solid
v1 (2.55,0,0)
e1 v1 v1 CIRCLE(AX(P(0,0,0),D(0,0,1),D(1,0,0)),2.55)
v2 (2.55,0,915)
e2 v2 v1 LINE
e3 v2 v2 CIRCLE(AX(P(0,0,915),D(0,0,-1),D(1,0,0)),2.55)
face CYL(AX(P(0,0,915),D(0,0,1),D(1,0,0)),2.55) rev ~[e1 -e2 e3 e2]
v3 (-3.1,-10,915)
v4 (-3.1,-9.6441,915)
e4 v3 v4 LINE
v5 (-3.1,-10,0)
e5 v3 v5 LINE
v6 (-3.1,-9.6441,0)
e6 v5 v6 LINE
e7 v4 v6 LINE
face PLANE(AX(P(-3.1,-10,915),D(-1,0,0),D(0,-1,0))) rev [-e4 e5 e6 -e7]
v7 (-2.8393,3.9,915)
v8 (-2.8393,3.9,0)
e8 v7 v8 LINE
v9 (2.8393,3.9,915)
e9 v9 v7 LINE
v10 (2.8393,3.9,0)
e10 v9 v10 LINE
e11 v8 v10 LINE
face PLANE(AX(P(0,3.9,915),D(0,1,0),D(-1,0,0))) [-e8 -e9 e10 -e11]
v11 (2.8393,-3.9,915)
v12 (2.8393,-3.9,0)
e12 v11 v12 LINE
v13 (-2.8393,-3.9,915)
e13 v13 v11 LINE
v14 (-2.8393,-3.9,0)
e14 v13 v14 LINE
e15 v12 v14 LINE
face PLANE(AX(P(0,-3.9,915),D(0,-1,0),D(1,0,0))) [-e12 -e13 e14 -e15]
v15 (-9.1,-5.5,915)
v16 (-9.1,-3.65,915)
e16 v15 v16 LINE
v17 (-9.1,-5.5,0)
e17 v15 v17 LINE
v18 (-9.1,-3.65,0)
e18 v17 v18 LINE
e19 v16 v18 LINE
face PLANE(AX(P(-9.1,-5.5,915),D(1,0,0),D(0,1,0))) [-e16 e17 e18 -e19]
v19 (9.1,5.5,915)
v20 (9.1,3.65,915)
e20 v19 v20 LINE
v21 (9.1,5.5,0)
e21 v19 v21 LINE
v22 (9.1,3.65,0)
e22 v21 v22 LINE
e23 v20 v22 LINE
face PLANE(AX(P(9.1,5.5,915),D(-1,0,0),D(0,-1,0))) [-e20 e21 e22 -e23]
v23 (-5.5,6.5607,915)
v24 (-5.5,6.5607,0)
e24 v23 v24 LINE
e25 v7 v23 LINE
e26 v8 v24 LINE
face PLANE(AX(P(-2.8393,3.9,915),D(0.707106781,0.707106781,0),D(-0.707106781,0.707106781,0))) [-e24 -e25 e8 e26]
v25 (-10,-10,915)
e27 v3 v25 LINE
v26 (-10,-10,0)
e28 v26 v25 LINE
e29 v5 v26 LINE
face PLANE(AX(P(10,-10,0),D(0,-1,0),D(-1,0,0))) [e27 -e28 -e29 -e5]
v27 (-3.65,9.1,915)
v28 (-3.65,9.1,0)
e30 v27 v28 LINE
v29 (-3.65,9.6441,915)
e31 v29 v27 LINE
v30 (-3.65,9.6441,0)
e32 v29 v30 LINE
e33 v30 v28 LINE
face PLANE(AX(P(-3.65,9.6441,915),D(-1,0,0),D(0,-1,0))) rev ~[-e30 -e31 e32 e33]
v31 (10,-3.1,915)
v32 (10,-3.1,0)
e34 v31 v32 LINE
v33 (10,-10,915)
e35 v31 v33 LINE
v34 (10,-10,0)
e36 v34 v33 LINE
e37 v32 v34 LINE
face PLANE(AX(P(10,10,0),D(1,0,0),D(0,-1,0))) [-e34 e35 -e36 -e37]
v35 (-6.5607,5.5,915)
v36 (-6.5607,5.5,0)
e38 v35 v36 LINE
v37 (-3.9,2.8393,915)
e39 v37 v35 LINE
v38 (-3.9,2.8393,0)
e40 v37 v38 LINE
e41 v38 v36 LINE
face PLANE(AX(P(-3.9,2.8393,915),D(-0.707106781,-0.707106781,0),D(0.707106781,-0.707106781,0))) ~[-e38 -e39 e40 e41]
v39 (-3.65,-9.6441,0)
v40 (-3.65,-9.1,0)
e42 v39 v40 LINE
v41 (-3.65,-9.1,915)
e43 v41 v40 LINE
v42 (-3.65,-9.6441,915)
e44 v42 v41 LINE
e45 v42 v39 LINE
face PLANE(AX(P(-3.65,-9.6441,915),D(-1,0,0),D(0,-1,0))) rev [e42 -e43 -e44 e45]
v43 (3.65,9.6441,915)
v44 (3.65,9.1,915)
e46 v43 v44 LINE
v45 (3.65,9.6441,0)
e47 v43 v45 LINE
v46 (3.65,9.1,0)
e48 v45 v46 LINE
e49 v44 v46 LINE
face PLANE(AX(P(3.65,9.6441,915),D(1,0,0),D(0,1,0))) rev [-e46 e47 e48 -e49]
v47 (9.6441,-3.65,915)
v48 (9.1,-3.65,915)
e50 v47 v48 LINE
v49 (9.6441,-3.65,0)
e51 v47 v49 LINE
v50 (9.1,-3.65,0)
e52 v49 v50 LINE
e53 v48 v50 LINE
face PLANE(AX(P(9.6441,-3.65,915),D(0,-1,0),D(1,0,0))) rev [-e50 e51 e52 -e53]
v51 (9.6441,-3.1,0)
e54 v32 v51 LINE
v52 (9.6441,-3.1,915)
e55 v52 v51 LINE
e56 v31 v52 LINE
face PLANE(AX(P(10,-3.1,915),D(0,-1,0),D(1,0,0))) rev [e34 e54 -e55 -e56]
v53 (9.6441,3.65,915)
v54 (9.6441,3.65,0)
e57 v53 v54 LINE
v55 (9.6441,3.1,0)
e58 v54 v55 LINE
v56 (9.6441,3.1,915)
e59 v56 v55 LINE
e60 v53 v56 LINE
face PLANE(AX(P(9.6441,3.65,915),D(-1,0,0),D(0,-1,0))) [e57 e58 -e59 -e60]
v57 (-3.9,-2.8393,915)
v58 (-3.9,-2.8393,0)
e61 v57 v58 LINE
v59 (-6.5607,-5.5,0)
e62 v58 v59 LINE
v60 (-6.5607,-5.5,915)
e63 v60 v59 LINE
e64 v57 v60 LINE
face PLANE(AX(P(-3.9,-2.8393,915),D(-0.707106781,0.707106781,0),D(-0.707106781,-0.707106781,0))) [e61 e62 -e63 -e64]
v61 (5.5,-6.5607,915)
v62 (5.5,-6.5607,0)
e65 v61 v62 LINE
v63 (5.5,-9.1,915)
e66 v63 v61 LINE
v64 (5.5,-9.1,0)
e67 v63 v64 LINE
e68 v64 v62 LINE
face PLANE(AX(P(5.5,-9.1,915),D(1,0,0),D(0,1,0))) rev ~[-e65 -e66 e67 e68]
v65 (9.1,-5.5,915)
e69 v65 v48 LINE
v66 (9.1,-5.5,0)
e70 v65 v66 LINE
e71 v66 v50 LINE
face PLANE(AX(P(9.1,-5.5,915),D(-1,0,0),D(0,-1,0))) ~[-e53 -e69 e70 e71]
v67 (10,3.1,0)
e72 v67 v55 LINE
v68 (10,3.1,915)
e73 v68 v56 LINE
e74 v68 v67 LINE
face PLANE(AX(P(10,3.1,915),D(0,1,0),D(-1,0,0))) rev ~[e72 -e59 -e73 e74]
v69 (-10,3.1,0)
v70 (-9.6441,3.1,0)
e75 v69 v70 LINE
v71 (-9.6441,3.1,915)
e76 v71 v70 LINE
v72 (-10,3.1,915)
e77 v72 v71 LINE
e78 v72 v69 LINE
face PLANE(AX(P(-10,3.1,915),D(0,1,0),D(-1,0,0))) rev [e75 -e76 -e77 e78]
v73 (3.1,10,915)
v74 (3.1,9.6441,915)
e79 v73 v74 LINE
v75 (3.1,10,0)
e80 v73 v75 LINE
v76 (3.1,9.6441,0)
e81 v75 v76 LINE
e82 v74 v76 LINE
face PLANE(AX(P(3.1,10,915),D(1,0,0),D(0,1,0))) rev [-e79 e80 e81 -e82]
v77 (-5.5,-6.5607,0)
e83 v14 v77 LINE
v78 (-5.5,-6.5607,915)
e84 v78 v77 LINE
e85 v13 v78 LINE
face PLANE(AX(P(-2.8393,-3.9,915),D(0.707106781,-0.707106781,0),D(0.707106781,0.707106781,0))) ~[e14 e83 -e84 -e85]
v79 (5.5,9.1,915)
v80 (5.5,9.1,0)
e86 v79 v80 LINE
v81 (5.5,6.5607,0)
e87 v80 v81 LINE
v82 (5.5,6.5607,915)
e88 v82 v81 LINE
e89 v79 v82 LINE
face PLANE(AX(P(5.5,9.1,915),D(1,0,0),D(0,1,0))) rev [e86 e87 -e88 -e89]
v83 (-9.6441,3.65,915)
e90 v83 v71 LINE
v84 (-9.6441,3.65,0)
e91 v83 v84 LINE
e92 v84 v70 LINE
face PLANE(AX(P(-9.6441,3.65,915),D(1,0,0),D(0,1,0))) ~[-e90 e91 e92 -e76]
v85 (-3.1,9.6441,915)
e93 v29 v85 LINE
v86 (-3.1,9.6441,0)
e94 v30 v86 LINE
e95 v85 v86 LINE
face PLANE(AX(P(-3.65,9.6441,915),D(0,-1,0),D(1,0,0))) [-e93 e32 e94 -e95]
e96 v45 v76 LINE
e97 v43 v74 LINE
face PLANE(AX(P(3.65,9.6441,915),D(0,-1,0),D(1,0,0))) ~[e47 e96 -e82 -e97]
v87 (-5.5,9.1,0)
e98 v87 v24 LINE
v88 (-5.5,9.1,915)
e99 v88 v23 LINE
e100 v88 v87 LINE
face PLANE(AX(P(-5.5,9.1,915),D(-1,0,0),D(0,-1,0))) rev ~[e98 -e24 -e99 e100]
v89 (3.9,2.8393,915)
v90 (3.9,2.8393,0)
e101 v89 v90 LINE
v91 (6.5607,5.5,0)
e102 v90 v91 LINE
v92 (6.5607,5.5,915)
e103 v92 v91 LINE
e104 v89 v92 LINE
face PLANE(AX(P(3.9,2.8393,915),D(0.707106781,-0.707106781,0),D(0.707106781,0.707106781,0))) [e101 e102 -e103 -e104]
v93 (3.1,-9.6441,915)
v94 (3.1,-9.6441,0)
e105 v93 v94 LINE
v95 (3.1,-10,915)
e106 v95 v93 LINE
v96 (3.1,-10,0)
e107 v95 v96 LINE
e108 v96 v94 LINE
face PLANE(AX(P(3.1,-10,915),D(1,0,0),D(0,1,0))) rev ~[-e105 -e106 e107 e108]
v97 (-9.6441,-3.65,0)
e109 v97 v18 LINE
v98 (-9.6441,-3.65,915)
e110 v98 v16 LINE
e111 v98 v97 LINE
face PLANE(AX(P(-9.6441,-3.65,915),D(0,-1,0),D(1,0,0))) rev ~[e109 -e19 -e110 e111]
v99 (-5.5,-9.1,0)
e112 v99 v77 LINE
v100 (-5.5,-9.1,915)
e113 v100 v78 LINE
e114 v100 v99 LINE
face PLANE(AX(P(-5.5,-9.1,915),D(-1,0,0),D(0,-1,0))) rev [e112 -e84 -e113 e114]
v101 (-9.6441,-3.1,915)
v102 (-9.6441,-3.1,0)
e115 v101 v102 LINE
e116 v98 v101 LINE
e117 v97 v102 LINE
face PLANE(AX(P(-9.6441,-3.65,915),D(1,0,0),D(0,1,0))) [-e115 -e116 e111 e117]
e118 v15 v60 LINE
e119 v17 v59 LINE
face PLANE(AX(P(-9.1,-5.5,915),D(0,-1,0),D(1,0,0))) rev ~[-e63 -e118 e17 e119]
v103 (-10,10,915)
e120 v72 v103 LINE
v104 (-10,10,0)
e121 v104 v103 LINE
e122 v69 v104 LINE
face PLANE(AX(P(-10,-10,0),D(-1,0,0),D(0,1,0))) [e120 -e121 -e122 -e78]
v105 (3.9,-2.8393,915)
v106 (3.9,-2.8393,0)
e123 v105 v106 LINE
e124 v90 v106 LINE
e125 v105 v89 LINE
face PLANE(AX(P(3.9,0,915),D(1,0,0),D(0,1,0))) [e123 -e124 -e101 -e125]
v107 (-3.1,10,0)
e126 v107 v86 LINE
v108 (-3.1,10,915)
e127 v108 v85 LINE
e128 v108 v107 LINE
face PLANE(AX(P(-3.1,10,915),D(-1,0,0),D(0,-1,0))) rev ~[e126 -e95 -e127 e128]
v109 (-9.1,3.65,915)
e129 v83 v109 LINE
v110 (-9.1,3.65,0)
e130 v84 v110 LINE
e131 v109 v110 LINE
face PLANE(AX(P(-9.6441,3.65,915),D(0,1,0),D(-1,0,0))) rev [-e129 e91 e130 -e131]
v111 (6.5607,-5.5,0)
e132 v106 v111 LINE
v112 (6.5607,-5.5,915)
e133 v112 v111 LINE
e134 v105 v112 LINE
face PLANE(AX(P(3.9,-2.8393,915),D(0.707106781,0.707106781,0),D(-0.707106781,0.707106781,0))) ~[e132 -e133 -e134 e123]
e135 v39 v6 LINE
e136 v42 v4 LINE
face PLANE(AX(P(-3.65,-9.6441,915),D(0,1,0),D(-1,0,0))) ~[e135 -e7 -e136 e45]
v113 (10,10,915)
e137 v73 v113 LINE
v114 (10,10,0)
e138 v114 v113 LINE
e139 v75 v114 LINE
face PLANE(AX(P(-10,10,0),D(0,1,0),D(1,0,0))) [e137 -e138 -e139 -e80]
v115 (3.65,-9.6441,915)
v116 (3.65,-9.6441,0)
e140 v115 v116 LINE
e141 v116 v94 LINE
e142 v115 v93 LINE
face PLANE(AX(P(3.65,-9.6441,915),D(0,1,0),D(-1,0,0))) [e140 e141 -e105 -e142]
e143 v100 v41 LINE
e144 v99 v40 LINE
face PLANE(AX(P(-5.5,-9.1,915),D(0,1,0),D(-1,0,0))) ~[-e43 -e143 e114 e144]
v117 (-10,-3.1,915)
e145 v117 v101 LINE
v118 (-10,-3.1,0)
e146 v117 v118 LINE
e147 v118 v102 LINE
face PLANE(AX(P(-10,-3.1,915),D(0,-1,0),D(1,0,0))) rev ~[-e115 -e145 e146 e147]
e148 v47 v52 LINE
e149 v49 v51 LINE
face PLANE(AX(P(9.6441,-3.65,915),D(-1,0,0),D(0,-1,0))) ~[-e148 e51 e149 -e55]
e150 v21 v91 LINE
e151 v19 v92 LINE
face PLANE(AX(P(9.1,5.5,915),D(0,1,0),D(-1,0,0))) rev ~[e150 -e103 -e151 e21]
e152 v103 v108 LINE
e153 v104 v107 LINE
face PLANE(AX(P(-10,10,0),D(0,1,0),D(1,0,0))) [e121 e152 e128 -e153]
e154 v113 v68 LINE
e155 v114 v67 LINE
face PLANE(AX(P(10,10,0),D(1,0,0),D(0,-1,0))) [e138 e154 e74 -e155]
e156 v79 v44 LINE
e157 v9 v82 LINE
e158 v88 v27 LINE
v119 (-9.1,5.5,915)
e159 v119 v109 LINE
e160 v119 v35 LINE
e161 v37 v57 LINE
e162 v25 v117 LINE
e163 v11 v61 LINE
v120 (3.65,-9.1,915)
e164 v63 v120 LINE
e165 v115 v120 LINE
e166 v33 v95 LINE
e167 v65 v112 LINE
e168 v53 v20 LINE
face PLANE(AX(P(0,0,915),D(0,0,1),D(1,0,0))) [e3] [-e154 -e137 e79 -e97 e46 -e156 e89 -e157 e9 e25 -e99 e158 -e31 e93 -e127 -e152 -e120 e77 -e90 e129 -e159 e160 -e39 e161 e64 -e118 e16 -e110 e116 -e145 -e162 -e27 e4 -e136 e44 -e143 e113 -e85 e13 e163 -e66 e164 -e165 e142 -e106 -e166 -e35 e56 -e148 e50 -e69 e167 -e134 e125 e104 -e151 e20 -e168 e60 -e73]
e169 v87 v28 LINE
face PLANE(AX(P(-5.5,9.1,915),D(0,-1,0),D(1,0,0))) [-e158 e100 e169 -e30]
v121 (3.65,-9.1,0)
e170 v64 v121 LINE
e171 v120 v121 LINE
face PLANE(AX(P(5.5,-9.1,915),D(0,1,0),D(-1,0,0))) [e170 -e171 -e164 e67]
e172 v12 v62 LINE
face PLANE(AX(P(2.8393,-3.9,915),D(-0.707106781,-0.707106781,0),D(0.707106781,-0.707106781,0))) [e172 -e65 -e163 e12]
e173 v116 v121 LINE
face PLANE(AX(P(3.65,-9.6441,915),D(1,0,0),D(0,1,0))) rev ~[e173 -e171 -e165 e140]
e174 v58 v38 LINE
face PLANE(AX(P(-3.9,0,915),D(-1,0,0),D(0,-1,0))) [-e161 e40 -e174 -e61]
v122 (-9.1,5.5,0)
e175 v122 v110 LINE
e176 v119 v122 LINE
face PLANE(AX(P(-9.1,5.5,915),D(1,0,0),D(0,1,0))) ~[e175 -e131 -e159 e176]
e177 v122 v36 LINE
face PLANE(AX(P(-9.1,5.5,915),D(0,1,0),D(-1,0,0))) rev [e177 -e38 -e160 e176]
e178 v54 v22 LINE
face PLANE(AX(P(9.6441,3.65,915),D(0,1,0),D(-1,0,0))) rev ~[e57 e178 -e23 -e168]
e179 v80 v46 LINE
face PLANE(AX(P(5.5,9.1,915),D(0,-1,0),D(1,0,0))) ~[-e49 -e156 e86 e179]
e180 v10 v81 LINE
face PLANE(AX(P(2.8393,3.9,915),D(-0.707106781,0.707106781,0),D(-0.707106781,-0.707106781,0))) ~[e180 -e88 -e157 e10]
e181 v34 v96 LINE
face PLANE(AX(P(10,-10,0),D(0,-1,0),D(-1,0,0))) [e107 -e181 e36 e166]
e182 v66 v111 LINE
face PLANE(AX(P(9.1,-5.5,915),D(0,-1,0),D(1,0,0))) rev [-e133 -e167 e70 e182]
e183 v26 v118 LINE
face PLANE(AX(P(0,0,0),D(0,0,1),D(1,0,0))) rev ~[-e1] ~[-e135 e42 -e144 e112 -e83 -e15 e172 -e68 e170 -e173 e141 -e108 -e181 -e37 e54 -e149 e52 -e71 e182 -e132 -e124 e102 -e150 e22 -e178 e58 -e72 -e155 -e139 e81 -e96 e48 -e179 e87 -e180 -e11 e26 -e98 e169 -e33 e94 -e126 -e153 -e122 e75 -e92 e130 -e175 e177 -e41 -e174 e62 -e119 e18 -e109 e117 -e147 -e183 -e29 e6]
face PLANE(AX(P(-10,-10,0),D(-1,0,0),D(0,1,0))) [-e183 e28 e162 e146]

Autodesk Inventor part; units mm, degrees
ref_plane "YZ Plane" through (0, 0, 0) normal (1, 0, 0) x (0, 1, 0)
ref_plane "XZ Plane" through (0, 0, 0) normal (0, 1, 0) x (-1, 0, 0)
ref_plane "XY Plane" through (0, 0, 0) normal (0, 0, 1) x (1, 0, 0)
sketch "草图1" plane through (0, 0, 0) normal (0, 0, 1) x (1, 0, 0)
  line L0 (10, -10) -> (-10, -10)
  line L1 (-10, -10) -> (-10, 10)
  line L2 (-10, 10) -> (10, 10)
  line L3 (10, 10) -> (10, -10)
  line L4 (10, -10) -> (-10, 10) construction
  line L5 (-10, -10) -> (10, 10) construction
  point P0 (0, 0)
  dimension "d0" = 20
  dimension "d1" = 20
extrude "拉伸1" add sketch "草图1" along normal blind 915
sketch "草图2" plane through (0, 0, 915) normal (0, 0, 1) x (1, 0, 0)
  circle A0 centre (0, 0) radius 2.55
  line L0 (-11.0615, 0) -> (0, 0)
  line L1 (0, 0) -> (0, 11.55)
  line L2 (-10, 10) -> (-10, -10)
  line L3 (10, 10) -> (-10, 10)
  line L4 (0, 3.9) -> (-3.9, 3.9)
  line L5 (-3.9, 3.9) -> (-3.9, 0)
  line L6 (-10, 10) -> (0, 0)
  line L7 (0, 1.0607) -> (-8.9393, 10)
  line L8 (-1.0607, 0) -> (-10, 8.9393)
  line L9 (-10, 10) -> (-3.1, 10)
  line L10 (-10, 3.1) -> (-10, 10)
  line L11 (-10, 10) -> (-3.65, 10)
  line L12 (-10, 3.65) -> (-10, 10)
  line L13 (-5.5, 12.0125) -> (-5.5, 5.5)
  line L14 (-10, 10) -> (-5.5, 10)
  line L15 (-5.5, 10) -> (-5.5, 5.5)
  line L16 (-5.5, 5.5) -> (-10, 5.5)
  line L17 (-10, 5.5) -> (-10, 10)
  line L18 (-5.5, 9.1) -> (0, 9.1)
  line L19 (-3.65, 10) -> (-3.65, 9.1)
  line L20 (-3.1, 10) -> (-3.1, 9.1)
  line L21 (-3.65, 9.6441) -> (-3.1, 9.6441)
  point P0 (-3.1, 9.55)
  point P1 (-2.8393, 3.9)
  point P2 (0, 10)
  point P3 (-5.5, 6.5607)
  dimension "d4" = 5.1
  dimension "d5" = 6.1
  dimension "d6" = 1.5
  dimension "d7" = 5.5
  dimension "d8" = 0.9
  dimension "d9" = 3.1
  dimension "d10" = 3.65
extrude "拉伸2" cut sketch "草图2" against normal up to surface (915 mm away) contours A0 L0 L1 | L1 L7 A0 | A0 L8 L0 | L7 L1 L6 A0 | L4 L7 L13 L18 L1 | A0 L6 L0 L8 | L18 L20 L3 L1 | L18 L19 L21 L20
mirror "镜像1" about plane through (0, 10, 915) normal (-1, 0, 0) of "拉伸2"
pattern_circular "环形阵列1" count 4 over 360 about axis through (0, 0, 915) along (0, 0, -1) of "拉伸2", "镜像1"
properties part number "铝方管2020中"
